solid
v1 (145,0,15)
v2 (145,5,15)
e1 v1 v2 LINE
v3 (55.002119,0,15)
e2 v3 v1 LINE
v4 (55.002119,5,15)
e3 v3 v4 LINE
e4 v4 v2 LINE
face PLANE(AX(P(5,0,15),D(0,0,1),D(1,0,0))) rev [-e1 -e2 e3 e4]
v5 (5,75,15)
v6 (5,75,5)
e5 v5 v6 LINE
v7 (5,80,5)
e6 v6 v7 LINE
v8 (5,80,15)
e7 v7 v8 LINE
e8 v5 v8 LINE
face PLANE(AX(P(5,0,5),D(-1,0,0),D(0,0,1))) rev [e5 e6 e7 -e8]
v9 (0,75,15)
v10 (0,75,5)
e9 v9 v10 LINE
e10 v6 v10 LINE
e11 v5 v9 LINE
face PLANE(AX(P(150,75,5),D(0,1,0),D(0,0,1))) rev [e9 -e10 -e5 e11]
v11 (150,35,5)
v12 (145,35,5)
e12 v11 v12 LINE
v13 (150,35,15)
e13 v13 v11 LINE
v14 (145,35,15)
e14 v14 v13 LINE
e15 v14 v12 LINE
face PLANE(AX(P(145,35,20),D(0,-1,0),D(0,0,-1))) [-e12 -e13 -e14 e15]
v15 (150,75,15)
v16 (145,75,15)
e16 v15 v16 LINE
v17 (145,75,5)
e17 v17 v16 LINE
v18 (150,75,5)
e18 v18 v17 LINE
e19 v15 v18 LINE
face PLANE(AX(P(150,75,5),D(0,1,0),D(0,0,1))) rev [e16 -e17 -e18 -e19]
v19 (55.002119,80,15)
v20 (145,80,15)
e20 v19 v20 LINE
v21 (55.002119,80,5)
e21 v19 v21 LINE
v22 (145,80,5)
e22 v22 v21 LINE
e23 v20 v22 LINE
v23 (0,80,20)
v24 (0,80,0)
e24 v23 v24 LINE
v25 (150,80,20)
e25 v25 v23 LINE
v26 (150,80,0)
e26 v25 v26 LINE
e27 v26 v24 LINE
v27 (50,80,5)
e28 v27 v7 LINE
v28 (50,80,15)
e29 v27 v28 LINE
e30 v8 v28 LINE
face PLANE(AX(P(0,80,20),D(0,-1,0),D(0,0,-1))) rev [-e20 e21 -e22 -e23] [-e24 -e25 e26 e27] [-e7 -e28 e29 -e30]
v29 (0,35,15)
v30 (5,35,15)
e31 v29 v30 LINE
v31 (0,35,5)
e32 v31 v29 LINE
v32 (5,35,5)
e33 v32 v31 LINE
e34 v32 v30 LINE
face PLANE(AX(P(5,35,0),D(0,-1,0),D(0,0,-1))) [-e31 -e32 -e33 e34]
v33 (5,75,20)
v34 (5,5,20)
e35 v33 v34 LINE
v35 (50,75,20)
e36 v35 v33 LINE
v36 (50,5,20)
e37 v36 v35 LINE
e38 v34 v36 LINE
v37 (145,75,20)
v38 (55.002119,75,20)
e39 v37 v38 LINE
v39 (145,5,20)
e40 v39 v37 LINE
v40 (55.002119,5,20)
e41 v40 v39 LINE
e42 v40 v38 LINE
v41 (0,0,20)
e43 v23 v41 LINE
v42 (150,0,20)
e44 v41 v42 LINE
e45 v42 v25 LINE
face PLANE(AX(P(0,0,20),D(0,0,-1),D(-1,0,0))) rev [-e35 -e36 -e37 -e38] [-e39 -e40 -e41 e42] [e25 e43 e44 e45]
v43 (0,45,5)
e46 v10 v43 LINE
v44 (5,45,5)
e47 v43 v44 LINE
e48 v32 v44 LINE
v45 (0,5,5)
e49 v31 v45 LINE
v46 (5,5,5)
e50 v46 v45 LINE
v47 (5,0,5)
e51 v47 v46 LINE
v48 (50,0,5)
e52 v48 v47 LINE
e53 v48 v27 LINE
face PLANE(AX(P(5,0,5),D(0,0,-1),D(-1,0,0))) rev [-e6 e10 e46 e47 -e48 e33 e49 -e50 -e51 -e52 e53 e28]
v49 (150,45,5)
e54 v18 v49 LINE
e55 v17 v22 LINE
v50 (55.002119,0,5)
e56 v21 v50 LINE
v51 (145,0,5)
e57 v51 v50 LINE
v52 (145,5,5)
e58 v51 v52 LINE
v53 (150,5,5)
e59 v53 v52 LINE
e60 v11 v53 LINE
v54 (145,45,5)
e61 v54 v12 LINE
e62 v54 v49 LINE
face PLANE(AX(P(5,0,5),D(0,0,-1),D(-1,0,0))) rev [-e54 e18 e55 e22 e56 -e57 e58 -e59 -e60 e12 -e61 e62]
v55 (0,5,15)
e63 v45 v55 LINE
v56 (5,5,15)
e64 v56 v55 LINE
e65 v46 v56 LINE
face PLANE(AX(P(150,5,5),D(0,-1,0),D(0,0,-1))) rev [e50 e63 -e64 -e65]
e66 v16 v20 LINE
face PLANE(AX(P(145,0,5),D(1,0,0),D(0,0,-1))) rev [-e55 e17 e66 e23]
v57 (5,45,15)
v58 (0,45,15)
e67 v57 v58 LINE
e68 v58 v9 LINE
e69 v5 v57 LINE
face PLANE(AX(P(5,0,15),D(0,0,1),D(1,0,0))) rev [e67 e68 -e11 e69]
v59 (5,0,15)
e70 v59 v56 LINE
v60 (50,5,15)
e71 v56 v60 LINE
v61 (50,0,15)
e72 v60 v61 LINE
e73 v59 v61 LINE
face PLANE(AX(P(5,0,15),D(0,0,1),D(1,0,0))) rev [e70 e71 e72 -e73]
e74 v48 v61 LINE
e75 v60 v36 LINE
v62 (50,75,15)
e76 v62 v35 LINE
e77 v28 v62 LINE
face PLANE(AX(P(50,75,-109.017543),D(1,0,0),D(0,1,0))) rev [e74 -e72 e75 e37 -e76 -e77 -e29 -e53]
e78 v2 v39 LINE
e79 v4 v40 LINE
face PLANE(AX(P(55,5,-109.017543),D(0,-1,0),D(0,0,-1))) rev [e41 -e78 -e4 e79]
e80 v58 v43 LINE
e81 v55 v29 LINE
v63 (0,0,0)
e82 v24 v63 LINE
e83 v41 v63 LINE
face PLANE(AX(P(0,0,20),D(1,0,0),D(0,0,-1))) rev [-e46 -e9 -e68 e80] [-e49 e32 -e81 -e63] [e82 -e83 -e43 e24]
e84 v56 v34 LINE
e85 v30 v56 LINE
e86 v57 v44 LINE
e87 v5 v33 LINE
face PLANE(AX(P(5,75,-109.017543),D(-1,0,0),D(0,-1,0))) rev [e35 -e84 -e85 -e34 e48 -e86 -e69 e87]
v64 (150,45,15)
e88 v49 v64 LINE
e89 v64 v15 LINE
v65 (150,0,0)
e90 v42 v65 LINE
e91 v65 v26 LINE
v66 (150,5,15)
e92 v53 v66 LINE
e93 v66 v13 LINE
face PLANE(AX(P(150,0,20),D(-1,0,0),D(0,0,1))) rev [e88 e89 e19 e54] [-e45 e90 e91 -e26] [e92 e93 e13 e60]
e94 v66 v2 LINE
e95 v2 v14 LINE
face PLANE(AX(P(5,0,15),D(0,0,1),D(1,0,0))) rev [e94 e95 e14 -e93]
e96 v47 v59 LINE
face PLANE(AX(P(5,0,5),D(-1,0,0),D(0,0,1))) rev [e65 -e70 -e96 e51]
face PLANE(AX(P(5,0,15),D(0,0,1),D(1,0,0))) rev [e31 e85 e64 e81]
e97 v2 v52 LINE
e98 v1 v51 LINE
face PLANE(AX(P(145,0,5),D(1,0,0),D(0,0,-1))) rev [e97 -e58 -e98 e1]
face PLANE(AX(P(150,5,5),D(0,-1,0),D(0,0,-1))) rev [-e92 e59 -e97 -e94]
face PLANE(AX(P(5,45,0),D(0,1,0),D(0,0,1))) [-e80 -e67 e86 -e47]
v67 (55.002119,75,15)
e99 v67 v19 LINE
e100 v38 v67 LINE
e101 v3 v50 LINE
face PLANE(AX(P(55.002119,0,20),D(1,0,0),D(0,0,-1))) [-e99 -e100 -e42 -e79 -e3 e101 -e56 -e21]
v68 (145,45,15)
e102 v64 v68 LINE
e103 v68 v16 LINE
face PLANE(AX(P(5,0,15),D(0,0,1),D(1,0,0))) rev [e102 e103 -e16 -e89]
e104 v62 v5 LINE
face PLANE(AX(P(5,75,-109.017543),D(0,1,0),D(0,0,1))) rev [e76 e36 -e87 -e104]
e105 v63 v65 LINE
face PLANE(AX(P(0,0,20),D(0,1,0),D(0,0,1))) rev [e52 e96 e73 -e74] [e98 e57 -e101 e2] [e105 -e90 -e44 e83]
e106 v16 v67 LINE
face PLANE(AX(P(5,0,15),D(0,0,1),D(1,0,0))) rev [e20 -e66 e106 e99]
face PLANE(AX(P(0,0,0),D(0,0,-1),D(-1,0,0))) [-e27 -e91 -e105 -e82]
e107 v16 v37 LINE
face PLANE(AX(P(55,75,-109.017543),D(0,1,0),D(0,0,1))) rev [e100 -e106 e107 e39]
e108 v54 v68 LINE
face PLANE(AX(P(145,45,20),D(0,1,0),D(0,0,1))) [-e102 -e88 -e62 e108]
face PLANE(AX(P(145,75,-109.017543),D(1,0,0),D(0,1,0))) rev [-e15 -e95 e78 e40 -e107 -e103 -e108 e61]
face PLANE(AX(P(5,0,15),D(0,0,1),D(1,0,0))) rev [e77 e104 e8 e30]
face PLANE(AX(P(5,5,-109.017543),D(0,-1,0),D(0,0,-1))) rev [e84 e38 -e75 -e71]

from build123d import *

# Parameters (mm, degrees)
ESBO_O1_W                = 150
ESBO_O1_H                = 80
RESSALTO_EXTRUS_O1_DEPTH = 20
ESBO_O2_W                = 140
ESBO_O2_H                = 10
CORTE_EXTRUS_O1_DEPTH    = 172.172427686
ESBO_O3_W                = 10
ESBO_O3_H                = 70
CORTE_EXTRUS_O2_DEPTH    = 172.172427686
ESBO_O4_W                = 45
ESBO_O4_H                = 70
ESBO_O4_W_2              = 90
CORTE_EXTRUS_O3_DEPTH    = 15
ESBO_O5_W                = 5.002119461
ESBO_O5_H                = 20
RESSALTO_EXTRUS_O2_DEPTH = 80
ESBO_O6_W                = 20
ESBO_O6_H                = 10
RESSALTO_EXTRUS_O3_DEPTH = 5
ESBO_O7_W                = 20
ESBO_O7_H                = 10
RESSALTO_EXTRUS_O4_DEPTH = 5


with BuildPart() as part:
    # Esboço1 → Ressalto-extrusão1 (new body)
    with BuildSketch(Plane.XY):
        with Locations((75, 40)):
            Rectangle(ESBO_O1_W, ESBO_O1_H)
    extrude(amount=RESSALTO_EXTRUS_O1_DEPTH)

    # Esboço2 → Corte-extrusão1 (cut, through all)
    with BuildSketch(Plane(origin=(0, 80, 0), x_dir=(1, 0, 0), z_dir=(0, 1, 0))):
        with Locations((75, -10)):
            Rectangle(ESBO_O2_W, ESBO_O2_H)
    extrude(amount=-CORTE_EXTRUS_O1_DEPTH, mode=Mode.SUBTRACT)

    # Esboço3 → Corte-extrusão2 (cut, through all)
    with BuildSketch(Plane.ZY):
        with Locations((10, 40)):
            Rectangle(ESBO_O3_W, ESBO_O3_H)
    extrude(amount=-CORTE_EXTRUS_O2_DEPTH, mode=Mode.SUBTRACT)

    # Esboço4 → Corte-extrusão3 (cut)
    with BuildSketch(Plane.XY.offset(20)):
        with Locations((27.5, 40)):
            Rectangle(ESBO_O4_W, ESBO_O4_H)
        with Locations((100, 40)):
            Rectangle(ESBO_O4_W_2, ESBO_O4_H)
    extrude(amount=-CORTE_EXTRUS_O3_DEPTH, mode=Mode.SUBTRACT)

    # Esboço5 → Ressalto-extrusão2 (add)
    with BuildSketch(Plane(origin=(0, 80, 0), x_dir=(1, 0, 0), z_dir=(0, 1, 0))):
        with Locations((52.501059731, -10)):
            Rectangle(ESBO_O5_W, ESBO_O5_H)
    extrude(amount=-RESSALTO_EXTRUS_O2_DEPTH)

    # Esboço6 → Ressalto-extrusão3 (add)
    with BuildSketch(Plane.ZY):
        with Locations((10, 40)):
            Rectangle(ESBO_O6_W, ESBO_O6_H)
    extrude(amount=-RESSALTO_EXTRUS_O3_DEPTH)

    # Esboço7 → Ressalto-extrusão4 (add)
    with BuildSketch(Plane(origin=(150, 0, 0), x_dir=(0, 0, -1), z_dir=(1, 0, 0))):
        with Locations((-10, 40)):
            Rectangle(ESBO_O7_W, ESBO_O7_H)
    extrude(amount=-RESSALTO_EXTRUS_O4_DEPTH)


solid = part.part
